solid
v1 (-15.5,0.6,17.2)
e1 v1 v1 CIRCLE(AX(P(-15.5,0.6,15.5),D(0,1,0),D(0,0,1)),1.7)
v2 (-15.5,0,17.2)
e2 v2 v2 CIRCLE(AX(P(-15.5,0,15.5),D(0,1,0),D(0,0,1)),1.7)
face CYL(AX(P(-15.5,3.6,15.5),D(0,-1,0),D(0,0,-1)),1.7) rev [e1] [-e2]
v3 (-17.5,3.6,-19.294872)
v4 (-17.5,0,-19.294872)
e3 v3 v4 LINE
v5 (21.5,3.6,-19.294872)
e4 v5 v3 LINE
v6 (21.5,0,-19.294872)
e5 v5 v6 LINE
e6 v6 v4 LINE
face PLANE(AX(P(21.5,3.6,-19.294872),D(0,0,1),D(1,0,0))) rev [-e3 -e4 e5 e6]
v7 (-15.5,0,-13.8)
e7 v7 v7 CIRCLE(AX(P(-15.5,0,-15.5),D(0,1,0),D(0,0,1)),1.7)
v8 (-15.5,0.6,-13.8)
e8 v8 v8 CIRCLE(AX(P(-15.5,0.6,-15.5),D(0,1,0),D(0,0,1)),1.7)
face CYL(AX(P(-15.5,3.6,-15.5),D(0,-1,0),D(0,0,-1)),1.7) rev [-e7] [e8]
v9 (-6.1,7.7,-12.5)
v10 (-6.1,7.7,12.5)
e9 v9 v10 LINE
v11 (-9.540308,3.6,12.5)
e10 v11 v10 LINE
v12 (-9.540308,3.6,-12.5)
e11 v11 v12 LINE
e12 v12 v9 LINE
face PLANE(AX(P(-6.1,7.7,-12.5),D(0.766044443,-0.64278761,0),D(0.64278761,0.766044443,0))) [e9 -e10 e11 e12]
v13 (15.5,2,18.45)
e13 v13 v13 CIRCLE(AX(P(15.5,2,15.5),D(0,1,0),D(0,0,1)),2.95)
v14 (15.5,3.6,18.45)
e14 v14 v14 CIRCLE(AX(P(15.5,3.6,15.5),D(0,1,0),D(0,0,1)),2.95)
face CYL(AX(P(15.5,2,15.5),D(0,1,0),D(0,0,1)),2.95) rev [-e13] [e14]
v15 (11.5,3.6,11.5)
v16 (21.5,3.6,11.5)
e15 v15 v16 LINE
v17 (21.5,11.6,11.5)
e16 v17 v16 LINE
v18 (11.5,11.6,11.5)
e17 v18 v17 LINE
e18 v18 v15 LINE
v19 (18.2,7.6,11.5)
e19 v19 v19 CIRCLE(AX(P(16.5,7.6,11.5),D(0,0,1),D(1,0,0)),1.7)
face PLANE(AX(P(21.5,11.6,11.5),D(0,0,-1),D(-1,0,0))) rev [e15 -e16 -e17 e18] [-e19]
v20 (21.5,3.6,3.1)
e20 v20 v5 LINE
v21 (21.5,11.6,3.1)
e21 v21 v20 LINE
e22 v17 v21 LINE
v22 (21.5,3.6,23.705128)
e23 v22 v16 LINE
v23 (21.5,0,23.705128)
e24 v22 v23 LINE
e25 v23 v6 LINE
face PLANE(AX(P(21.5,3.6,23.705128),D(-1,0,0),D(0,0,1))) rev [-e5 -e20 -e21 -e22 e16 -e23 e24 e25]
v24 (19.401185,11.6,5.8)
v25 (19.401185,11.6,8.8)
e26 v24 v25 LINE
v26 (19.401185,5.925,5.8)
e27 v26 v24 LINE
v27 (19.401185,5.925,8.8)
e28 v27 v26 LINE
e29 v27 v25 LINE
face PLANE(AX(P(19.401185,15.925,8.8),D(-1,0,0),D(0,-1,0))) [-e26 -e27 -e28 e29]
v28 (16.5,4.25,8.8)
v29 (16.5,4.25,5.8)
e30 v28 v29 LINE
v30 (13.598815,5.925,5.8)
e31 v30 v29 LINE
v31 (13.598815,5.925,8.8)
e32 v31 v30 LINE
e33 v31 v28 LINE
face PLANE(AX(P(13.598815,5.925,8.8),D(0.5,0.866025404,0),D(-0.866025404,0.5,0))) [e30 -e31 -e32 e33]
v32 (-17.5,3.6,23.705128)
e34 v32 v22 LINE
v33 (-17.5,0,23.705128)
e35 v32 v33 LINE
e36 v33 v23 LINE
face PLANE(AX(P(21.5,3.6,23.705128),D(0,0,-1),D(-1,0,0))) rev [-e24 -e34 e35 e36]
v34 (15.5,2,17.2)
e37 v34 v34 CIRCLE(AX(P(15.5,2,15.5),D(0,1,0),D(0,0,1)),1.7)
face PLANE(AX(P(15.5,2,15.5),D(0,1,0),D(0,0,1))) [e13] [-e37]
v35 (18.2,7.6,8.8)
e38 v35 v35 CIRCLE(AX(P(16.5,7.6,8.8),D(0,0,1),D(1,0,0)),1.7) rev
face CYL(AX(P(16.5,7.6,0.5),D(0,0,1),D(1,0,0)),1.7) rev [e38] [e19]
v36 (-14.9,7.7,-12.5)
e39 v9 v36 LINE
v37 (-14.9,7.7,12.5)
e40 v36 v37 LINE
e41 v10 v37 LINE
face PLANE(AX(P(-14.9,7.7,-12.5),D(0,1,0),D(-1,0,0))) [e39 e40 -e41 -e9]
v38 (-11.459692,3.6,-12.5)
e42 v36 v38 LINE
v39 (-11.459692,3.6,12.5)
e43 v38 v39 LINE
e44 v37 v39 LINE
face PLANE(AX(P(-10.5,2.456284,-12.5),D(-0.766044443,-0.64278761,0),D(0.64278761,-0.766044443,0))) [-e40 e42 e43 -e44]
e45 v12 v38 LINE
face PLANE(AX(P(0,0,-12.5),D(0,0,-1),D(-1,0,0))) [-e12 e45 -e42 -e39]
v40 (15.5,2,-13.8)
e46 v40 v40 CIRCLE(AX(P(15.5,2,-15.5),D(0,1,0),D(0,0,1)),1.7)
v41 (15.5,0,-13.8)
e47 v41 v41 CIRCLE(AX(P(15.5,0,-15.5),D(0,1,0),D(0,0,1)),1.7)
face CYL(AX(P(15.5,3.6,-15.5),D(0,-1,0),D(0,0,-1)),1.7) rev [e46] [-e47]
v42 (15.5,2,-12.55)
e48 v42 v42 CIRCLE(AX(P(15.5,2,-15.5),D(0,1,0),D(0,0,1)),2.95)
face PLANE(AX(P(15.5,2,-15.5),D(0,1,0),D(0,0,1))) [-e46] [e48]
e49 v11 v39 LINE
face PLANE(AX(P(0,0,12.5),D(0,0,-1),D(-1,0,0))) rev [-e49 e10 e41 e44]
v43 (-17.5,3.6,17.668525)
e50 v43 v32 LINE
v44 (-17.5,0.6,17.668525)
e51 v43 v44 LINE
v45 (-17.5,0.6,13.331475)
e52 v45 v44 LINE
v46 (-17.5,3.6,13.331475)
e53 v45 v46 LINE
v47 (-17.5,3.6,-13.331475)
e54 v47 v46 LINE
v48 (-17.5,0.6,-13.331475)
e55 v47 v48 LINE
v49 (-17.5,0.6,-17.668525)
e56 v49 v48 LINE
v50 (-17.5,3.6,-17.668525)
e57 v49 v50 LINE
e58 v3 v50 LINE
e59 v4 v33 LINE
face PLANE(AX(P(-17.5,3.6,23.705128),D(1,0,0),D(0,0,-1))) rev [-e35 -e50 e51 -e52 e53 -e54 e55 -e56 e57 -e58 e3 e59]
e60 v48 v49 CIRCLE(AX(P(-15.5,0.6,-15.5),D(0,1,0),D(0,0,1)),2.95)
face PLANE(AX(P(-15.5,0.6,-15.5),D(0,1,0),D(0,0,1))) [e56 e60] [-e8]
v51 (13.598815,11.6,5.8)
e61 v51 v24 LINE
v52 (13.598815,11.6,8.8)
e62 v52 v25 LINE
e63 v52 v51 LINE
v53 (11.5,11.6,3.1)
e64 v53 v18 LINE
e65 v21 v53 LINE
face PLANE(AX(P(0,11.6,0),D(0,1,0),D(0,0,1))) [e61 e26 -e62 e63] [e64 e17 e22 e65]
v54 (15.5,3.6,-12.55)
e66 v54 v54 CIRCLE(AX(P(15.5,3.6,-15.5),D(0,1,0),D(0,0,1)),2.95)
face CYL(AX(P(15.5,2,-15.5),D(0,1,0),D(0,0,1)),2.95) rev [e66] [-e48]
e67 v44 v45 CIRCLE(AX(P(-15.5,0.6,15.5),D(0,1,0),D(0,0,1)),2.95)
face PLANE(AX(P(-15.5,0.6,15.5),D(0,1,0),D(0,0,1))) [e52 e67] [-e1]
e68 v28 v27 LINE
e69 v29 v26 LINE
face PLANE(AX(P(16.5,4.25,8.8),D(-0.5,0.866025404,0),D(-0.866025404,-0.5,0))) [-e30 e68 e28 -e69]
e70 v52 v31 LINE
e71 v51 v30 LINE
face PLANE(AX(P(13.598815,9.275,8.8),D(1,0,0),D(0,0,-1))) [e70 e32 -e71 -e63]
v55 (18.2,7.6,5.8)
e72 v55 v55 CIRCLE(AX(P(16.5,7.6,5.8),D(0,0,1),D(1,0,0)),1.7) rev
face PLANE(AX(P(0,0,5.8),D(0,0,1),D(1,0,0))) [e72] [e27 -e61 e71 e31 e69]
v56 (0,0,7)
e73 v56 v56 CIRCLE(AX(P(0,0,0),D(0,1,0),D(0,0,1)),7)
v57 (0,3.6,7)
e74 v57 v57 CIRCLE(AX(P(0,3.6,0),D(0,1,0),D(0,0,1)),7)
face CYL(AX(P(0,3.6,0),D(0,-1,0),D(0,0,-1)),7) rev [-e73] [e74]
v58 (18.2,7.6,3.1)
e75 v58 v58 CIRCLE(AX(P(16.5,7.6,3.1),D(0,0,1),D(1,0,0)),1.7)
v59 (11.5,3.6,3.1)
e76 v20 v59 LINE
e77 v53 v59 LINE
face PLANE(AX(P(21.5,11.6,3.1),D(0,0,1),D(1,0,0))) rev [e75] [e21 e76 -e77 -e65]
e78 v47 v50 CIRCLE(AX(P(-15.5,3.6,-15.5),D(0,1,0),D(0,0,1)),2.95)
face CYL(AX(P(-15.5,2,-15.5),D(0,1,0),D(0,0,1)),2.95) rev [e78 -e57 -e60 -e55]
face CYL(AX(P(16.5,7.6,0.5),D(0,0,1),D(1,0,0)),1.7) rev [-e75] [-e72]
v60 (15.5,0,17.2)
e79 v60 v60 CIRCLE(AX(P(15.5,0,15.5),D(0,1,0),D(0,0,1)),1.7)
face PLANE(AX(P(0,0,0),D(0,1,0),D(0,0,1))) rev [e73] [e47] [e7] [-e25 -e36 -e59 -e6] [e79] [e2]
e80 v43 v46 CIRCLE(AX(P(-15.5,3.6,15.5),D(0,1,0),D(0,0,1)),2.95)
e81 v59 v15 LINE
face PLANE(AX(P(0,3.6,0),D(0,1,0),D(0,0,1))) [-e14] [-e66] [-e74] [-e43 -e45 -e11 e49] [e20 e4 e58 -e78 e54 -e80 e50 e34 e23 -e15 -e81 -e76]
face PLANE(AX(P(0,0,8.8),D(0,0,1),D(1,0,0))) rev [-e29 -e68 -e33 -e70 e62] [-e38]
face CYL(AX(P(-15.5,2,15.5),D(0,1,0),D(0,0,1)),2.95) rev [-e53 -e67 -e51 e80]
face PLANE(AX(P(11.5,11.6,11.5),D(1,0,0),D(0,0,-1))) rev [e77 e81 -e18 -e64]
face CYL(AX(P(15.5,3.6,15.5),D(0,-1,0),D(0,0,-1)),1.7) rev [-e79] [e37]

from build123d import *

# Parameters (mm, degrees)
CROQUIS1_W                   = 39
CROQUIS1_H                   = 43
CROQUIS1_R                   = 7
CROQUIS1_R_2                 = 1.7
SALIENTE_EXTRUIR1_DEPTH      = 3.6
CROQUIS2_R                   = 2.95
CORTAR_EXTRUIR1_DEPTH        = 1.6
CROQUIS3_W                   = 10
CROQUIS3_H                   = 8.4
SALIENTE_EXTRUIR2_DEPTH      = 8
CROQUIS4_R                   = 1.7
CORTAR_EXTRUIR2_DEPTH        = 11
CORTAR_EXTRUIR3_DEPTH        = 1.5
CORTAR_EXTRUIR3_DEPTH_BACK   = 1.5
SALIENTE_EXTRUIR3_DEPTH      = 12.5
SALIENTE_EXTRUIR3_DEPTH_BACK = 12.5
CORTAR_EXTRUIR4_DEPTH        = 3


with BuildPart() as part:
    # Croquis1 → Saliente-Extruir1 (new body)
    with BuildSketch(Plane(origin=(0, 0, 0), x_dir=(1, 0, 0), z_dir=(0, 1, 0))):
        with Locations((2, -2.205128205)):
            Rectangle(CROQUIS1_W, CROQUIS1_H)
        Circle(CROQUIS1_R, mode=Mode.SUBTRACT)
        with Locations((-15.5, 15.5)):
            Circle(CROQUIS1_R_2, mode=Mode.SUBTRACT)
        with Locations((15.5, 15.5)):
            Circle(CROQUIS1_R_2, mode=Mode.SUBTRACT)
        with Locations((-15.5, -15.5)):
            Circle(CROQUIS1_R_2, mode=Mode.SUBTRACT)
        with Locations((15.5, -15.5)):
            Circle(CROQUIS1_R_2, mode=Mode.SUBTRACT)
    extrude(amount=SALIENTE_EXTRUIR1_DEPTH)

    # Croquis2 → Cortar-Extruir1 (cut)
    with BuildSketch(Plane(origin=(0, 3.6, 0), x_dir=(1, 0, 0), z_dir=(0, 1, 0))):
        with Locations((-15.5, 15.5)):
            Circle(CROQUIS2_R)
        with Locations((15.5, 15.5)):
            Circle(CROQUIS2_R)
        with Locations((-15.5, -15.5)):
            Circle(CROQUIS2_R)
        with Locations((15.5, -15.5)):
            Circle(CROQUIS2_R)
    extrude(amount=-CORTAR_EXTRUIR1_DEPTH, mode=Mode.SUBTRACT)

    # Croquis3 → Saliente-Extruir2 (add)
    with BuildSketch(Plane(origin=(0, 3.6, 0), x_dir=(1, 0, 0), z_dir=(0, 1, 0))):
        with Locations((16.5, -7.3)):
            Rectangle(CROQUIS3_W, CROQUIS3_H)
    extrude(amount=SALIENTE_EXTRUIR2_DEPTH)

    # Croquis4 → Cortar-Extruir2 (cut)
    with BuildSketch(Plane.XY.offset(11.5)):
        with Locations((16.5, 7.6)):
            Circle(CROQUIS4_R)
    extrude(amount=-CORTAR_EXTRUIR2_DEPTH, mode=Mode.SUBTRACT)

    # Croquis5 → Cortar-Extruir3 (cut, two sides)
    with BuildSketch(Plane.XY.offset(7.3)) as cortar_extruir3_sk:
        Polygon((13.598814897, 9.275), (13.598814897, 15.925), (19.401185103, 15.925), (19.401185103, 9.275), (19.401185103, 5.925), (16.5, 4.25), (13.598814897, 5.925), align=None)
    extrude(amount=CORTAR_EXTRUIR3_DEPTH, mode=Mode.SUBTRACT)
    extrude(cortar_extruir3_sk.sketch, amount=-CORTAR_EXTRUIR3_DEPTH_BACK, mode=Mode.SUBTRACT)

    # Croquis6 → Saliente-Extruir3 (add, two sides)
    with BuildSketch(Plane.XY) as saliente_extruir3_sk:
        Polygon((-10.5, 2.456284193), (-14.9, 7.7), (-6.1, 7.7), align=None)
    extrude(amount=SALIENTE_EXTRUIR3_DEPTH)
    extrude(saliente_extruir3_sk.sketch, amount=-SALIENTE_EXTRUIR3_DEPTH_BACK)

    # Croquis7 → Cortar-Extruir4 (cut)
    with BuildSketch(Plane(origin=(0, 3.6, 0), x_dir=(1, 0, 0), z_dir=(0, 1, 0))):
        with BuildLine():
            Line((-17.5, -13.331475156), (-17.5, -17.668524844))
            ThreePointArc((-17.5, -17.668524844), (-12.55, -15.5), (-17.5, -13.331475156))
        make_face()
        with BuildLine():
            Line((-17.5, 17.668524844), (-17.5, 13.331475156))
            ThreePointArc((-17.5, 13.331475156), (-12.55, 15.5), (-17.5, 17.668524844))
        make_face()
    extrude(amount=-CORTAR_EXTRUIR4_DEPTH, mode=Mode.SUBTRACT)


solid = part.part
